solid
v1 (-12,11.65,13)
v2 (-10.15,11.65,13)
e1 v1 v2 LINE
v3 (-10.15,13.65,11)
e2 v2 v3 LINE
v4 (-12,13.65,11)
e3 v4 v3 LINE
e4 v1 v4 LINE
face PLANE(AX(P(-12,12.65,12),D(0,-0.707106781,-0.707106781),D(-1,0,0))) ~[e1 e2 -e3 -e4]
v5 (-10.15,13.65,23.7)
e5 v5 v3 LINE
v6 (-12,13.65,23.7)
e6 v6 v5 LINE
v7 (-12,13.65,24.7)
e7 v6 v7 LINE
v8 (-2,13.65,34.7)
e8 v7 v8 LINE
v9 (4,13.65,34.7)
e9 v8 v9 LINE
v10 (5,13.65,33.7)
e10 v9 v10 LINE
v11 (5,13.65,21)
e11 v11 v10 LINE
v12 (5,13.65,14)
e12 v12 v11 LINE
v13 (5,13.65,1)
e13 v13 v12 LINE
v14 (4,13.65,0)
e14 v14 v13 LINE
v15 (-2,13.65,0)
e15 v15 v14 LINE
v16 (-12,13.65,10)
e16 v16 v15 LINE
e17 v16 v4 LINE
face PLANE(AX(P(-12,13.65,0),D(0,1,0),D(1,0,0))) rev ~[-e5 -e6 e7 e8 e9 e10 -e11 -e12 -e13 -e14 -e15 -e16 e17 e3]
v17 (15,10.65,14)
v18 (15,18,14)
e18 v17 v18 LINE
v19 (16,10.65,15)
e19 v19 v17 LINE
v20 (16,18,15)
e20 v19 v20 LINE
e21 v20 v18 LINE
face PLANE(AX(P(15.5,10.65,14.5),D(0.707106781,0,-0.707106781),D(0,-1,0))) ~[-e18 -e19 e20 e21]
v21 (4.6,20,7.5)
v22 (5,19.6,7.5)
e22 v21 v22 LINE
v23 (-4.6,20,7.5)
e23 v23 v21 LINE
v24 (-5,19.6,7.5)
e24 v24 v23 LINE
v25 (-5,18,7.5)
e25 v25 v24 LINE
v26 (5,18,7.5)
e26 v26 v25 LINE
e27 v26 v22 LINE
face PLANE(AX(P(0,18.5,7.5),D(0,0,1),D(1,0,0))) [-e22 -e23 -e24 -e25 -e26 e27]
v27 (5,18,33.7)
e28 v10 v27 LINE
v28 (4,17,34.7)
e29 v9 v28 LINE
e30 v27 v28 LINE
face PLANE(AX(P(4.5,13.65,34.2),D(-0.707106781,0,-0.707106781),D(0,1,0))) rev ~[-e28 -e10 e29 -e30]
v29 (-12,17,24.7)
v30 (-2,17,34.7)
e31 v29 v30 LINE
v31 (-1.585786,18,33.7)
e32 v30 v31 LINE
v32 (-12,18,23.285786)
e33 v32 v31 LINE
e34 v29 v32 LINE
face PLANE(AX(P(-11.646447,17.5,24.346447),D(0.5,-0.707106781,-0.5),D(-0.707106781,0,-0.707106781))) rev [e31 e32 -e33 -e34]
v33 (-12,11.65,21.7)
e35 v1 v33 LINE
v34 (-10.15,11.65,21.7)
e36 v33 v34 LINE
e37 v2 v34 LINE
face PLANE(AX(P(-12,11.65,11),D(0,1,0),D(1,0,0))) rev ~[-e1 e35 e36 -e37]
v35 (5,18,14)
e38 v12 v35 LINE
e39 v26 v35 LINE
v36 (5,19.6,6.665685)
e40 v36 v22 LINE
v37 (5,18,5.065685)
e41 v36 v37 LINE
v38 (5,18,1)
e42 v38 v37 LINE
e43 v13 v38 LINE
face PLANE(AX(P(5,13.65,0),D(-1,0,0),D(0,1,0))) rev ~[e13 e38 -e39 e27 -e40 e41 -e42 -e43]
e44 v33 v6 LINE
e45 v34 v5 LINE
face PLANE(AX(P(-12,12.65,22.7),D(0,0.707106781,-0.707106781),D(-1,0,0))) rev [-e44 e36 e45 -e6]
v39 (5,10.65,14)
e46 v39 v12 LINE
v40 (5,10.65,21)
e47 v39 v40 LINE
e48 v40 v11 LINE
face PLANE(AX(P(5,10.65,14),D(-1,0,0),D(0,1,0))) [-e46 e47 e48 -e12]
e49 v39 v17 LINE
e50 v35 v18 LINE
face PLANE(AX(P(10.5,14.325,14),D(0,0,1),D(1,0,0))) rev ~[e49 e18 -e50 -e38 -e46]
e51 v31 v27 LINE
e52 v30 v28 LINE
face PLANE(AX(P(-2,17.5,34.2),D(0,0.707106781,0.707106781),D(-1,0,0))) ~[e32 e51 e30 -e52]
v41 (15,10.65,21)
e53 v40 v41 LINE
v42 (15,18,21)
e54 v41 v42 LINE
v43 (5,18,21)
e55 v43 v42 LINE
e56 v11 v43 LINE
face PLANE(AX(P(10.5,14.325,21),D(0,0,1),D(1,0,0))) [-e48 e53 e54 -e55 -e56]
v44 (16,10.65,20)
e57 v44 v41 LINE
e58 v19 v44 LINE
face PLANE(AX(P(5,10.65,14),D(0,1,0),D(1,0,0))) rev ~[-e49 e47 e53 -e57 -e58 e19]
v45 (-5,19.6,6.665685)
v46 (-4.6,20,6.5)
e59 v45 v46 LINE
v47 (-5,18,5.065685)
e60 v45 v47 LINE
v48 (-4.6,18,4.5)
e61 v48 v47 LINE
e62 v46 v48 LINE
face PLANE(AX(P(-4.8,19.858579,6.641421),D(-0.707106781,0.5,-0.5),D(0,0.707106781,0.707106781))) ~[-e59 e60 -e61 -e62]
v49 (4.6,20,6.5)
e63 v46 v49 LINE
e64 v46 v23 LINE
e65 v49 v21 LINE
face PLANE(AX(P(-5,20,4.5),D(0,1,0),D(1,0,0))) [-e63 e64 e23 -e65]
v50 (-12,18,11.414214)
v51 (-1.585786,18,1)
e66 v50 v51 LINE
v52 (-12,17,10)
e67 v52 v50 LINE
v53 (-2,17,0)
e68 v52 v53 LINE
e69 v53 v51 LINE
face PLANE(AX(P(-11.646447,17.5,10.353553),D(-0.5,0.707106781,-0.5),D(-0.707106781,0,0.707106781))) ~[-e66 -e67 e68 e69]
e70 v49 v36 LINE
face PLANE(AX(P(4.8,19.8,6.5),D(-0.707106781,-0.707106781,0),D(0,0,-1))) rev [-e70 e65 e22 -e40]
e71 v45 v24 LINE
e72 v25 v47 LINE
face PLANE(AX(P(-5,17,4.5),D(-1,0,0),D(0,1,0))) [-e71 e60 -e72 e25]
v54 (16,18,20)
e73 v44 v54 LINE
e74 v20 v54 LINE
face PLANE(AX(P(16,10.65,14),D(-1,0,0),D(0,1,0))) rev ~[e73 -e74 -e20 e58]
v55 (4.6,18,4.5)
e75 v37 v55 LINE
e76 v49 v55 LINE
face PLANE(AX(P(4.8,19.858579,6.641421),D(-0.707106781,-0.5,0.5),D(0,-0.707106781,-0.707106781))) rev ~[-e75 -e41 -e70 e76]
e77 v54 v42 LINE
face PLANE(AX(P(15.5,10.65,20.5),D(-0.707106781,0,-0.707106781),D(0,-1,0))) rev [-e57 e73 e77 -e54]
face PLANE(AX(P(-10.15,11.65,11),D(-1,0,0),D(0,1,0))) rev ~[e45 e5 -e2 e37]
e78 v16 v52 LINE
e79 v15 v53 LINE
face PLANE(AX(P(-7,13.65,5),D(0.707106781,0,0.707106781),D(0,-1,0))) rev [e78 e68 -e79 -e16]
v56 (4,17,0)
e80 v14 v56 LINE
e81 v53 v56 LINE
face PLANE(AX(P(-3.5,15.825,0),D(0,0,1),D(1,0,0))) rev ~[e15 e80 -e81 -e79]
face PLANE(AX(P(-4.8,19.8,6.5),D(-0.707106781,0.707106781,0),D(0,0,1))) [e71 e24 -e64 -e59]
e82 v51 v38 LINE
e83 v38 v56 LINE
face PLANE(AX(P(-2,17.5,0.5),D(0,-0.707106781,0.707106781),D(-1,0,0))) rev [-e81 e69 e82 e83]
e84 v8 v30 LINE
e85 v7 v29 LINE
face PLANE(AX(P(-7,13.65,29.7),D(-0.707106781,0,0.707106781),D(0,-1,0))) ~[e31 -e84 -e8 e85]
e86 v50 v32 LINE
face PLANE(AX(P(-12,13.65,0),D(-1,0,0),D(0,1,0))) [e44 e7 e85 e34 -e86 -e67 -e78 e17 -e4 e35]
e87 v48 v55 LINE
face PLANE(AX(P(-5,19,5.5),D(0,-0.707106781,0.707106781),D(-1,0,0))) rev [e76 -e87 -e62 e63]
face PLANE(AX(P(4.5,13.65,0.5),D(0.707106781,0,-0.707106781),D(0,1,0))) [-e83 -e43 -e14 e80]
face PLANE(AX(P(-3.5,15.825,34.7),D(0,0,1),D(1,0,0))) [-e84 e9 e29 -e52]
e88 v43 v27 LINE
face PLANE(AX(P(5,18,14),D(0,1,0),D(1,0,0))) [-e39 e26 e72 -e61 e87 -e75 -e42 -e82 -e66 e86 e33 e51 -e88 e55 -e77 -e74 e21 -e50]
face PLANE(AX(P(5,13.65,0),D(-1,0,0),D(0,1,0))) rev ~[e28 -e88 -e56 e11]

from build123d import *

# Parameters (mm, degrees)
BOX054_W                 = 1.85
BOX054_H                 = 3
BOX054_DEPTH             = 12.7
CHAMFER004013007005_SIZE = 2
BOX053_W                 = 17
BOX053_H                 = 4.35
BOX053_DEPTH             = 34.7
CHAMFER004013007003_SIZE = 10
CHAMFER004013007004_SIZE = 1
BOX052_W                 = 11
BOX052_H                 = 7.35
BOX052_DEPTH             = 7
CHAMFER004013007002_SIZE = 1
BOX055_W                 = 10
BOX055_H                 = 3
BOX055_DEPTH             = 3
CHAMFER004013007006_SIZE = 2
CHAMFER004013007007_SIZE = 0.4


with BuildPart() as chamfer004013007005:
    # Box054 → Box054 (new body)
    with BuildSketch(Plane(origin=(-12, 11.65, 11), x_dir=(1, 0, 0), z_dir=(0, 0, 1))):
        with Locations((0.925, 1.5)):
            Rectangle(BOX054_W, BOX054_H)
    extrude(amount=BOX054_DEPTH)

    # Chamfer004013007005
    chamfer004013007005_edges = [chamfer004013007005.edges().sort_by_distance(p)[0] for p in [
        (-11.075, 11.65, 11),
        (-11.075, 11.65, 23.7),
    ]]
    chamfer(chamfer004013007005_edges, length=CHAMFER004013007005_SIZE)


with BuildPart() as chamfer004013007004:
    # Box053 → Box053 (new body)
    with BuildSketch(Plane(origin=(-12, 13.65, 0), x_dir=(1, 0, 0), z_dir=(0, 0, 1))):
        with Locations((8.5, 2.175)):
            Rectangle(BOX053_W, BOX053_H)
    extrude(amount=BOX053_DEPTH)

    # Chamfer004013007003
    chamfer004013007003_edges = [chamfer004013007004.edges().sort_by_distance(p)[0] for p in [
        (-12, 15.825, 34.7),
        (-12, 15.825, 0),
    ]]
    chamfer(chamfer004013007003_edges, length=CHAMFER004013007003_SIZE)

    # Chamfer004013007004
    chamfer004013007004_edges = [chamfer004013007004.edges().sort_by_distance(p)[0] for p in [
        (-7, 18, 5),
        (-7, 18, 29.7),
        (1.5, 18, 0),
        (1.5, 18, 34.7),
        (5, 15.825, 0),
        (5, 15.825, 34.7),
    ]]
    chamfer(chamfer004013007004_edges, length=CHAMFER004013007004_SIZE)


with BuildPart() as chamfer004013007002:
    # Box052 → Box052 (new body)
    with BuildSketch(Plane(origin=(5, 10.65, 14), x_dir=(1, 0, 0), z_dir=(0, 0, 1))):
        with Locations((5.5, 3.675)):
            Rectangle(BOX052_W, BOX052_H)
    extrude(amount=BOX052_DEPTH)

    # Chamfer004013007002
    chamfer004013007002_edges = [chamfer004013007002.edges().sort_by_distance(p)[0] for p in [
        (16, 14.325, 21),
        (16, 14.325, 14),
    ]]
    chamfer(chamfer004013007002_edges, length=CHAMFER004013007002_SIZE)


with BuildPart() as belt_side_mount:
    # Box055 → Box055 (new body)
    with BuildSketch(Plane(origin=(-5, 17, 4.5), x_dir=(1, 0, 0), z_dir=(0, 0, 1))):
        with Locations((5, 1.5)):
            Rectangle(BOX055_W, BOX055_H)
    extrude(amount=BOX055_DEPTH)

    # Chamfer004013007006
    chamfer004013007006_edges = [belt_side_mount.edges().sort_by_distance(p)[0] for p in [
        (0, 20, 4.5),
    ]]
    chamfer(chamfer004013007006_edges, length=CHAMFER004013007006_SIZE)

    # Chamfer004013007007
    chamfer004013007007_edges = [belt_side_mount.edges().sort_by_distance(p)[0] for p in [
        (-5, 20, 7),
        (-5, 19, 5.5),
        (5, 20, 7),
        (5, 19, 5.5),
    ]]
    chamfer(chamfer004013007007_edges, length=CHAMFER004013007007_SIZE)

    # Fusion001007005021: union Chamfer004013007005, Chamfer004013007004, Chamfer004013007002
    add(chamfer004013007005.part)
    add(chamfer004013007004.part)
    add(chamfer004013007002.part)


solid = belt_side_mount.part
